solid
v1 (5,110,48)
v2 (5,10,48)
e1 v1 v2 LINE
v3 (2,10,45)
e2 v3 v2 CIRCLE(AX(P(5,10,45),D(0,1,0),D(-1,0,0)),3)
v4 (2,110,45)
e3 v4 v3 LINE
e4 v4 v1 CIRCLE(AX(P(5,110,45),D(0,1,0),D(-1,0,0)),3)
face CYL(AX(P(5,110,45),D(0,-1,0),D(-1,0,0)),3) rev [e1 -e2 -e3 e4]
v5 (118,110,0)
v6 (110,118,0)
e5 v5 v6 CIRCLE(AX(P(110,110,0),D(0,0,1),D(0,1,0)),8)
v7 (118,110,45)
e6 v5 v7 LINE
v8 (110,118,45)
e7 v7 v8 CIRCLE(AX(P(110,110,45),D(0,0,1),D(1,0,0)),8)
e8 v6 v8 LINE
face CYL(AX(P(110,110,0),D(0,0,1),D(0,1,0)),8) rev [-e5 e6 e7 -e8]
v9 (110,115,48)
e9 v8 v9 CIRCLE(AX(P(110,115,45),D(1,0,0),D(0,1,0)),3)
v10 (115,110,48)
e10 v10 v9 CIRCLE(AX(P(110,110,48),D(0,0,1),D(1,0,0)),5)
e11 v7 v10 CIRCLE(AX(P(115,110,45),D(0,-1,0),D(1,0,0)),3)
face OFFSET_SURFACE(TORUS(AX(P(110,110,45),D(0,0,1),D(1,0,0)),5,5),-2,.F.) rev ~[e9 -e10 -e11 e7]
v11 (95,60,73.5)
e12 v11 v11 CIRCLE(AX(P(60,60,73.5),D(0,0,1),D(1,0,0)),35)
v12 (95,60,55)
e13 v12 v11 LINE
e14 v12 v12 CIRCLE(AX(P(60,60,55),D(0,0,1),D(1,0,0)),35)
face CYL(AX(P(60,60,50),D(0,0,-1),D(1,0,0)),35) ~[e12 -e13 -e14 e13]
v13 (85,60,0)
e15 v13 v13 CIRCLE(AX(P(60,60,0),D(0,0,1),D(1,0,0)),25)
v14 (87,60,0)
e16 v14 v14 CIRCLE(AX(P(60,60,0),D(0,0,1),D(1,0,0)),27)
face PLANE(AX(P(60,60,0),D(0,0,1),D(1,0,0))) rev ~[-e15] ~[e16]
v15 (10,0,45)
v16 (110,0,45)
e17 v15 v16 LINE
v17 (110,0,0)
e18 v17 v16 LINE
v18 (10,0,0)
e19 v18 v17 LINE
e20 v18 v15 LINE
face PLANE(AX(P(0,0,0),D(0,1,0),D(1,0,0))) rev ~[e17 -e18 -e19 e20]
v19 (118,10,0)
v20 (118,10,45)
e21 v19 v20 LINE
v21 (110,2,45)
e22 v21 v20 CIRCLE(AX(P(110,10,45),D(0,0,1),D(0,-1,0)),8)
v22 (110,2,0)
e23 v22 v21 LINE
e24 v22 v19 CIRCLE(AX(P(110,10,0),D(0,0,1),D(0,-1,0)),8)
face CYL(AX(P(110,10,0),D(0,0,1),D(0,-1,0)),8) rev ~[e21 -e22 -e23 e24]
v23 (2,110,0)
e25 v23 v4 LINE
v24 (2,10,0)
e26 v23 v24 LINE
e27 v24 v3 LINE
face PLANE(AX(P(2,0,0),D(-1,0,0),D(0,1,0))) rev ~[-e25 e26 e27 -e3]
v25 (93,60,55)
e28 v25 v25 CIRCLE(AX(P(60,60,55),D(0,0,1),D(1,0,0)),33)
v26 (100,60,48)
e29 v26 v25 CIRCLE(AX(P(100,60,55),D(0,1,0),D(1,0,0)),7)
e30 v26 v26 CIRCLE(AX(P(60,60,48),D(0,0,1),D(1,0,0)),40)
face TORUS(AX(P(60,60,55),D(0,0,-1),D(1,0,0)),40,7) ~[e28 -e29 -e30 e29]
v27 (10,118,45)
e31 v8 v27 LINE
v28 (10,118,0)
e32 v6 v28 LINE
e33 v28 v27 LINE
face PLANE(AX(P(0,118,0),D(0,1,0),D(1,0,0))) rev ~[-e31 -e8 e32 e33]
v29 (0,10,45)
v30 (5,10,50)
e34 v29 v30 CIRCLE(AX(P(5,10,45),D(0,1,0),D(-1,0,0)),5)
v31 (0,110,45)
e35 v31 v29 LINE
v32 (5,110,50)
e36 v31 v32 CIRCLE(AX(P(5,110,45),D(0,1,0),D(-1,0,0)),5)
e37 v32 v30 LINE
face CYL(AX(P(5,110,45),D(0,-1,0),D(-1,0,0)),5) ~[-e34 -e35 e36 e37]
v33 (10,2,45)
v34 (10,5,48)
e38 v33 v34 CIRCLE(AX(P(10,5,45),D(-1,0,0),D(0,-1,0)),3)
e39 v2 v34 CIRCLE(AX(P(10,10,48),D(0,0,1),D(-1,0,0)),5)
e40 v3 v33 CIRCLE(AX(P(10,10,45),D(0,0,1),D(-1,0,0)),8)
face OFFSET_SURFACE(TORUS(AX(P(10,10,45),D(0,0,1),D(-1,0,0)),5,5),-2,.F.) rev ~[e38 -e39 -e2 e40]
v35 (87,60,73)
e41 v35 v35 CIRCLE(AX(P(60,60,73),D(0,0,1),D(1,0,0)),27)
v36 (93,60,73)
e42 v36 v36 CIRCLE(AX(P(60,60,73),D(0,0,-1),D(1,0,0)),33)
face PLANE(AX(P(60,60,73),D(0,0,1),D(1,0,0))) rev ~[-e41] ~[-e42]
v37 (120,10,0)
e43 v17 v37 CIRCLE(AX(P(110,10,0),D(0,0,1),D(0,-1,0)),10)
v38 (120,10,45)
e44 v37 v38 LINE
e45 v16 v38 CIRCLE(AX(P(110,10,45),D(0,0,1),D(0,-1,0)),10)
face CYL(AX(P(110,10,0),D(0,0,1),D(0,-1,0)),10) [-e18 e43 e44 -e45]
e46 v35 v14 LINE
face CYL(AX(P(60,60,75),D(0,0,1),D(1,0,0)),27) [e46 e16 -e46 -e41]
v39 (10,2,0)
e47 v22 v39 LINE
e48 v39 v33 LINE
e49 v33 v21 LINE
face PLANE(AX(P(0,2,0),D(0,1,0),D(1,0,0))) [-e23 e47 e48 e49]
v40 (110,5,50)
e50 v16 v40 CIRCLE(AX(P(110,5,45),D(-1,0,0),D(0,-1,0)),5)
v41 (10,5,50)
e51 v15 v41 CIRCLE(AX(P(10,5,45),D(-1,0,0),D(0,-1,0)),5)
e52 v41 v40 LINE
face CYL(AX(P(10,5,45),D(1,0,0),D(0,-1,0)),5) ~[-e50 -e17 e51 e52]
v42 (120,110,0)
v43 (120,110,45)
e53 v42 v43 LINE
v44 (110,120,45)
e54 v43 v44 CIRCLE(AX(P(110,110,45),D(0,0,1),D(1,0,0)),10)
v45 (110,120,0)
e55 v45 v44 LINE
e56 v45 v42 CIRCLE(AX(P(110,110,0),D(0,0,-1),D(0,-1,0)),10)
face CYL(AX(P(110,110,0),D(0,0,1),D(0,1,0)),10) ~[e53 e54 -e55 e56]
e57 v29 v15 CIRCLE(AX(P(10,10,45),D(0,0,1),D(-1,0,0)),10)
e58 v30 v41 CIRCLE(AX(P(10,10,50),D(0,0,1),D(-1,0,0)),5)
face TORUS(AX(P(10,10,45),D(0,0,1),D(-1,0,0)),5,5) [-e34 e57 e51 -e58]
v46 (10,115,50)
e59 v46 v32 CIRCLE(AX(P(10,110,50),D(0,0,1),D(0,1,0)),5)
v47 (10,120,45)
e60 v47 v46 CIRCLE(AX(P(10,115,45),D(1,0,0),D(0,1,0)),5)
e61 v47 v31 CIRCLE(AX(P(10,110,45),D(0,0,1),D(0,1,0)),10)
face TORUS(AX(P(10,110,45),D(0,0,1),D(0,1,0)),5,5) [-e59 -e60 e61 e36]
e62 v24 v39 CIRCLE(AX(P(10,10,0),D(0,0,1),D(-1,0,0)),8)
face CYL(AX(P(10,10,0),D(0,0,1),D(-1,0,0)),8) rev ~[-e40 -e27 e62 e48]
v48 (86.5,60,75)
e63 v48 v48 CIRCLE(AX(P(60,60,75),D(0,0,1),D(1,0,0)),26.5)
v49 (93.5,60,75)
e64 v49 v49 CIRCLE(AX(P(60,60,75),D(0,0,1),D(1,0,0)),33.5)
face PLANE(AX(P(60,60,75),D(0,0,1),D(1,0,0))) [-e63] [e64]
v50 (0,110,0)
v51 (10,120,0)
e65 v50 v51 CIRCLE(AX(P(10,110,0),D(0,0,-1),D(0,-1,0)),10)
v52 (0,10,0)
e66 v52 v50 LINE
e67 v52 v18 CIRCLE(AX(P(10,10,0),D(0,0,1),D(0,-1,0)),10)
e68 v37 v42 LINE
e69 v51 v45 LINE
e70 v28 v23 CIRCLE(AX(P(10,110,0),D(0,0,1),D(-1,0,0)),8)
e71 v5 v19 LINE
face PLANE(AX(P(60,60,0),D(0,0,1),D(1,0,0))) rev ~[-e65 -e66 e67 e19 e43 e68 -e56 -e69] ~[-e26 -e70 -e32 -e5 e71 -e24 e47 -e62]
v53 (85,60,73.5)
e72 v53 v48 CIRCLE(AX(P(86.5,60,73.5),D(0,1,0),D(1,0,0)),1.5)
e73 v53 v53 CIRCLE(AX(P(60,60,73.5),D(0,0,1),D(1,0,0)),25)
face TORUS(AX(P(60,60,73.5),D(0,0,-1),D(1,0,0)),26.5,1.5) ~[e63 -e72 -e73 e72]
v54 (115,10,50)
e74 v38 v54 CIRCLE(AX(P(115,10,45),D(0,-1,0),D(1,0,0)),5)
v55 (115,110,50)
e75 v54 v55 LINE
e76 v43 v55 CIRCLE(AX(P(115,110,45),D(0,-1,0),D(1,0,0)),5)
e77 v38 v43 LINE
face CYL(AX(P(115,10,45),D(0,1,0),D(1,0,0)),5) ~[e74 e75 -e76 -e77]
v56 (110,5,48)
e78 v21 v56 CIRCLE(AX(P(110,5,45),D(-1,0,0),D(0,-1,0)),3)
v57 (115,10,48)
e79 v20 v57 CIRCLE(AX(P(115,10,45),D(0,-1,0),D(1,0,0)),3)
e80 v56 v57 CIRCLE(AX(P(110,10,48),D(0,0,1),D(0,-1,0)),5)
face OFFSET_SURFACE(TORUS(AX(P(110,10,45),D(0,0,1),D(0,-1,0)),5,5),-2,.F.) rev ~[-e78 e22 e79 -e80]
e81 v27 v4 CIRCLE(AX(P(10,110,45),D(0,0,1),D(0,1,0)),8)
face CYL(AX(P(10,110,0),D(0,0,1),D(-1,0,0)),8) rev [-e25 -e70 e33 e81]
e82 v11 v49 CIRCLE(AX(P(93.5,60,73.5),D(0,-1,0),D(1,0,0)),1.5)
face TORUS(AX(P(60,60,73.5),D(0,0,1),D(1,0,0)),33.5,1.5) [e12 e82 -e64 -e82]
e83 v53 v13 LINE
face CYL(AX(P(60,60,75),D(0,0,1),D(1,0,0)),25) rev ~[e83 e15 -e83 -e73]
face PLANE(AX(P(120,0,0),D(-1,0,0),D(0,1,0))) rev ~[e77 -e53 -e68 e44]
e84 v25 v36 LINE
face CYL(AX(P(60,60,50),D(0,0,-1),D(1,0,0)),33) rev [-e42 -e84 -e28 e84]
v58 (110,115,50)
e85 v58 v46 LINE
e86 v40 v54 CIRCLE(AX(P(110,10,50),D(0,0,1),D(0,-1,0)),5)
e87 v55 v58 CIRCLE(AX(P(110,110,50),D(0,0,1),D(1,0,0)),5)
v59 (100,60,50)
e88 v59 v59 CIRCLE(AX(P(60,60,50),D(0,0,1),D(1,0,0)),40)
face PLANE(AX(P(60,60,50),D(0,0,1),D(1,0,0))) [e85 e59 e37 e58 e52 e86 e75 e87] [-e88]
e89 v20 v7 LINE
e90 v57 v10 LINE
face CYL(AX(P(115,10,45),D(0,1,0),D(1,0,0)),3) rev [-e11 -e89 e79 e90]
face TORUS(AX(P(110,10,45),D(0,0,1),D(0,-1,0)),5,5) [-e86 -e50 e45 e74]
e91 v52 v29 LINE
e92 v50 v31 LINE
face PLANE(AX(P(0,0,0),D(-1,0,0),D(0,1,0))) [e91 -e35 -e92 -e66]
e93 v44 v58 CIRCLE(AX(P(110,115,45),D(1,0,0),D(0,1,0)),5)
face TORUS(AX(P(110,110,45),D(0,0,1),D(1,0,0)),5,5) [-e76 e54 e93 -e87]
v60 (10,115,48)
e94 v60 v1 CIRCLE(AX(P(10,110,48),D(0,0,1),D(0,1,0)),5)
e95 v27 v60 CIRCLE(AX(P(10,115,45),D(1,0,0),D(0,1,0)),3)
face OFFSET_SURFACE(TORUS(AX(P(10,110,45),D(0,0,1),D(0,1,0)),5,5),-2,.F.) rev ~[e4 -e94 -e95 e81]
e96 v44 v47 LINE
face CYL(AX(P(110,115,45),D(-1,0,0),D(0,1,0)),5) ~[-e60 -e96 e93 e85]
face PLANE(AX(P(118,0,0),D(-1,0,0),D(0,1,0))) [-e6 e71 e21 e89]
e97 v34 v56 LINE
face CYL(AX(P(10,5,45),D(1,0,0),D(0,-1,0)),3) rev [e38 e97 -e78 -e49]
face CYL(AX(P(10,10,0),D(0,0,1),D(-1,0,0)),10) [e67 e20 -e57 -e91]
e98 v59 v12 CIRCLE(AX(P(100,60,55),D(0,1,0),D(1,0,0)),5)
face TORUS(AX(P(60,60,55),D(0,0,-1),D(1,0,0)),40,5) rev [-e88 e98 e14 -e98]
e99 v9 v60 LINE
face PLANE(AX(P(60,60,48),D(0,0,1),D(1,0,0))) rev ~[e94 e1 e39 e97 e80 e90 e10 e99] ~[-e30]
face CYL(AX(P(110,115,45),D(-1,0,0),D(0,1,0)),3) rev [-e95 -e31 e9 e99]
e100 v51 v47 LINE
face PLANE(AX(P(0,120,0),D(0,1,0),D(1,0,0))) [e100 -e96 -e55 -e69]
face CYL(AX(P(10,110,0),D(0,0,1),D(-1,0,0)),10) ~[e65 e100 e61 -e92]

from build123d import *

# Parameters (mm, degrees)
SKETCH1_W           = 120
SKETCH1_H           = 120
BOSS_EXTRUDE1_DEPTH = 50
SKETCH2_R           = 35
BOSS_EXTRUDE2_DEPTH = 25
SKETCH6_R           = 25
CUT_EXTRUDE1_DEPTH  = 76
FILLET3_R           = 10
FILLET4_R           = 1.5
FILLET5_R           = 5
SHELL1_T            = -2


with BuildPart() as part:
    # Sketch1 → Boss-Extrude1 (new body)
    with BuildSketch(Plane.XY):
        with Locations((60, 60)):
            Rectangle(SKETCH1_W, SKETCH1_H)
    extrude(amount=BOSS_EXTRUDE1_DEPTH)

    # Sketch2 → Boss-Extrude2 (add)
    with BuildSketch(Plane.XY.offset(50)):
        with Locations((60, 60)):
            Circle(SKETCH2_R)
    extrude(amount=BOSS_EXTRUDE2_DEPTH)

    # Sketch6 → Cut-Extrude1 (cut, through all)
    with BuildSketch(Plane.XY.offset(75)):
        with Locations((60, 60)):
            Circle(SKETCH6_R)
    extrude(amount=-CUT_EXTRUDE1_DEPTH, mode=Mode.SUBTRACT)

    # Fillet3
    fillet3_edges = [part.edges().sort_by_distance(p)[0] for p in [
        (0, 120, 25),
        (120, 120, 25),
        (120, 0, 25),
        (0, 0, 25),
    ]]
    fillet(fillet3_edges, radius=FILLET3_R)

    # Fillet4
    fillet4_edges = [part.edges().sort_by_distance(p)[0] for p in [
        (25, 60, 75),
        (35, 60, 75),
    ]]
    fillet(fillet4_edges, radius=FILLET4_R)

    # Fillet5
    fillet5_edges = [part.edges().sort_by_distance(p)[0] for p in [
        (25, 60, 50),
        (120, 60, 50),
        (60, 0, 50),
        (0, 60, 50),
        (60, 120, 50),
        (117.071067812, 117.071067812, 50),
        (2.928932188, 117.071067812, 50),
        (2.928932188, 2.928932188, 50),
        (117.071067812, 2.928932188, 50),
    ]]
    fillet(fillet5_edges, radius=FILLET5_R)

    # Shell1
    shell1_openings = [part.faces().sort_by_distance(p)[0] for p in [
        (85, 60, 0),
    ]]
    offset(amount=SHELL1_T, openings=shell1_openings, kind=Kind.INTERSECTION)


solid = part.part
